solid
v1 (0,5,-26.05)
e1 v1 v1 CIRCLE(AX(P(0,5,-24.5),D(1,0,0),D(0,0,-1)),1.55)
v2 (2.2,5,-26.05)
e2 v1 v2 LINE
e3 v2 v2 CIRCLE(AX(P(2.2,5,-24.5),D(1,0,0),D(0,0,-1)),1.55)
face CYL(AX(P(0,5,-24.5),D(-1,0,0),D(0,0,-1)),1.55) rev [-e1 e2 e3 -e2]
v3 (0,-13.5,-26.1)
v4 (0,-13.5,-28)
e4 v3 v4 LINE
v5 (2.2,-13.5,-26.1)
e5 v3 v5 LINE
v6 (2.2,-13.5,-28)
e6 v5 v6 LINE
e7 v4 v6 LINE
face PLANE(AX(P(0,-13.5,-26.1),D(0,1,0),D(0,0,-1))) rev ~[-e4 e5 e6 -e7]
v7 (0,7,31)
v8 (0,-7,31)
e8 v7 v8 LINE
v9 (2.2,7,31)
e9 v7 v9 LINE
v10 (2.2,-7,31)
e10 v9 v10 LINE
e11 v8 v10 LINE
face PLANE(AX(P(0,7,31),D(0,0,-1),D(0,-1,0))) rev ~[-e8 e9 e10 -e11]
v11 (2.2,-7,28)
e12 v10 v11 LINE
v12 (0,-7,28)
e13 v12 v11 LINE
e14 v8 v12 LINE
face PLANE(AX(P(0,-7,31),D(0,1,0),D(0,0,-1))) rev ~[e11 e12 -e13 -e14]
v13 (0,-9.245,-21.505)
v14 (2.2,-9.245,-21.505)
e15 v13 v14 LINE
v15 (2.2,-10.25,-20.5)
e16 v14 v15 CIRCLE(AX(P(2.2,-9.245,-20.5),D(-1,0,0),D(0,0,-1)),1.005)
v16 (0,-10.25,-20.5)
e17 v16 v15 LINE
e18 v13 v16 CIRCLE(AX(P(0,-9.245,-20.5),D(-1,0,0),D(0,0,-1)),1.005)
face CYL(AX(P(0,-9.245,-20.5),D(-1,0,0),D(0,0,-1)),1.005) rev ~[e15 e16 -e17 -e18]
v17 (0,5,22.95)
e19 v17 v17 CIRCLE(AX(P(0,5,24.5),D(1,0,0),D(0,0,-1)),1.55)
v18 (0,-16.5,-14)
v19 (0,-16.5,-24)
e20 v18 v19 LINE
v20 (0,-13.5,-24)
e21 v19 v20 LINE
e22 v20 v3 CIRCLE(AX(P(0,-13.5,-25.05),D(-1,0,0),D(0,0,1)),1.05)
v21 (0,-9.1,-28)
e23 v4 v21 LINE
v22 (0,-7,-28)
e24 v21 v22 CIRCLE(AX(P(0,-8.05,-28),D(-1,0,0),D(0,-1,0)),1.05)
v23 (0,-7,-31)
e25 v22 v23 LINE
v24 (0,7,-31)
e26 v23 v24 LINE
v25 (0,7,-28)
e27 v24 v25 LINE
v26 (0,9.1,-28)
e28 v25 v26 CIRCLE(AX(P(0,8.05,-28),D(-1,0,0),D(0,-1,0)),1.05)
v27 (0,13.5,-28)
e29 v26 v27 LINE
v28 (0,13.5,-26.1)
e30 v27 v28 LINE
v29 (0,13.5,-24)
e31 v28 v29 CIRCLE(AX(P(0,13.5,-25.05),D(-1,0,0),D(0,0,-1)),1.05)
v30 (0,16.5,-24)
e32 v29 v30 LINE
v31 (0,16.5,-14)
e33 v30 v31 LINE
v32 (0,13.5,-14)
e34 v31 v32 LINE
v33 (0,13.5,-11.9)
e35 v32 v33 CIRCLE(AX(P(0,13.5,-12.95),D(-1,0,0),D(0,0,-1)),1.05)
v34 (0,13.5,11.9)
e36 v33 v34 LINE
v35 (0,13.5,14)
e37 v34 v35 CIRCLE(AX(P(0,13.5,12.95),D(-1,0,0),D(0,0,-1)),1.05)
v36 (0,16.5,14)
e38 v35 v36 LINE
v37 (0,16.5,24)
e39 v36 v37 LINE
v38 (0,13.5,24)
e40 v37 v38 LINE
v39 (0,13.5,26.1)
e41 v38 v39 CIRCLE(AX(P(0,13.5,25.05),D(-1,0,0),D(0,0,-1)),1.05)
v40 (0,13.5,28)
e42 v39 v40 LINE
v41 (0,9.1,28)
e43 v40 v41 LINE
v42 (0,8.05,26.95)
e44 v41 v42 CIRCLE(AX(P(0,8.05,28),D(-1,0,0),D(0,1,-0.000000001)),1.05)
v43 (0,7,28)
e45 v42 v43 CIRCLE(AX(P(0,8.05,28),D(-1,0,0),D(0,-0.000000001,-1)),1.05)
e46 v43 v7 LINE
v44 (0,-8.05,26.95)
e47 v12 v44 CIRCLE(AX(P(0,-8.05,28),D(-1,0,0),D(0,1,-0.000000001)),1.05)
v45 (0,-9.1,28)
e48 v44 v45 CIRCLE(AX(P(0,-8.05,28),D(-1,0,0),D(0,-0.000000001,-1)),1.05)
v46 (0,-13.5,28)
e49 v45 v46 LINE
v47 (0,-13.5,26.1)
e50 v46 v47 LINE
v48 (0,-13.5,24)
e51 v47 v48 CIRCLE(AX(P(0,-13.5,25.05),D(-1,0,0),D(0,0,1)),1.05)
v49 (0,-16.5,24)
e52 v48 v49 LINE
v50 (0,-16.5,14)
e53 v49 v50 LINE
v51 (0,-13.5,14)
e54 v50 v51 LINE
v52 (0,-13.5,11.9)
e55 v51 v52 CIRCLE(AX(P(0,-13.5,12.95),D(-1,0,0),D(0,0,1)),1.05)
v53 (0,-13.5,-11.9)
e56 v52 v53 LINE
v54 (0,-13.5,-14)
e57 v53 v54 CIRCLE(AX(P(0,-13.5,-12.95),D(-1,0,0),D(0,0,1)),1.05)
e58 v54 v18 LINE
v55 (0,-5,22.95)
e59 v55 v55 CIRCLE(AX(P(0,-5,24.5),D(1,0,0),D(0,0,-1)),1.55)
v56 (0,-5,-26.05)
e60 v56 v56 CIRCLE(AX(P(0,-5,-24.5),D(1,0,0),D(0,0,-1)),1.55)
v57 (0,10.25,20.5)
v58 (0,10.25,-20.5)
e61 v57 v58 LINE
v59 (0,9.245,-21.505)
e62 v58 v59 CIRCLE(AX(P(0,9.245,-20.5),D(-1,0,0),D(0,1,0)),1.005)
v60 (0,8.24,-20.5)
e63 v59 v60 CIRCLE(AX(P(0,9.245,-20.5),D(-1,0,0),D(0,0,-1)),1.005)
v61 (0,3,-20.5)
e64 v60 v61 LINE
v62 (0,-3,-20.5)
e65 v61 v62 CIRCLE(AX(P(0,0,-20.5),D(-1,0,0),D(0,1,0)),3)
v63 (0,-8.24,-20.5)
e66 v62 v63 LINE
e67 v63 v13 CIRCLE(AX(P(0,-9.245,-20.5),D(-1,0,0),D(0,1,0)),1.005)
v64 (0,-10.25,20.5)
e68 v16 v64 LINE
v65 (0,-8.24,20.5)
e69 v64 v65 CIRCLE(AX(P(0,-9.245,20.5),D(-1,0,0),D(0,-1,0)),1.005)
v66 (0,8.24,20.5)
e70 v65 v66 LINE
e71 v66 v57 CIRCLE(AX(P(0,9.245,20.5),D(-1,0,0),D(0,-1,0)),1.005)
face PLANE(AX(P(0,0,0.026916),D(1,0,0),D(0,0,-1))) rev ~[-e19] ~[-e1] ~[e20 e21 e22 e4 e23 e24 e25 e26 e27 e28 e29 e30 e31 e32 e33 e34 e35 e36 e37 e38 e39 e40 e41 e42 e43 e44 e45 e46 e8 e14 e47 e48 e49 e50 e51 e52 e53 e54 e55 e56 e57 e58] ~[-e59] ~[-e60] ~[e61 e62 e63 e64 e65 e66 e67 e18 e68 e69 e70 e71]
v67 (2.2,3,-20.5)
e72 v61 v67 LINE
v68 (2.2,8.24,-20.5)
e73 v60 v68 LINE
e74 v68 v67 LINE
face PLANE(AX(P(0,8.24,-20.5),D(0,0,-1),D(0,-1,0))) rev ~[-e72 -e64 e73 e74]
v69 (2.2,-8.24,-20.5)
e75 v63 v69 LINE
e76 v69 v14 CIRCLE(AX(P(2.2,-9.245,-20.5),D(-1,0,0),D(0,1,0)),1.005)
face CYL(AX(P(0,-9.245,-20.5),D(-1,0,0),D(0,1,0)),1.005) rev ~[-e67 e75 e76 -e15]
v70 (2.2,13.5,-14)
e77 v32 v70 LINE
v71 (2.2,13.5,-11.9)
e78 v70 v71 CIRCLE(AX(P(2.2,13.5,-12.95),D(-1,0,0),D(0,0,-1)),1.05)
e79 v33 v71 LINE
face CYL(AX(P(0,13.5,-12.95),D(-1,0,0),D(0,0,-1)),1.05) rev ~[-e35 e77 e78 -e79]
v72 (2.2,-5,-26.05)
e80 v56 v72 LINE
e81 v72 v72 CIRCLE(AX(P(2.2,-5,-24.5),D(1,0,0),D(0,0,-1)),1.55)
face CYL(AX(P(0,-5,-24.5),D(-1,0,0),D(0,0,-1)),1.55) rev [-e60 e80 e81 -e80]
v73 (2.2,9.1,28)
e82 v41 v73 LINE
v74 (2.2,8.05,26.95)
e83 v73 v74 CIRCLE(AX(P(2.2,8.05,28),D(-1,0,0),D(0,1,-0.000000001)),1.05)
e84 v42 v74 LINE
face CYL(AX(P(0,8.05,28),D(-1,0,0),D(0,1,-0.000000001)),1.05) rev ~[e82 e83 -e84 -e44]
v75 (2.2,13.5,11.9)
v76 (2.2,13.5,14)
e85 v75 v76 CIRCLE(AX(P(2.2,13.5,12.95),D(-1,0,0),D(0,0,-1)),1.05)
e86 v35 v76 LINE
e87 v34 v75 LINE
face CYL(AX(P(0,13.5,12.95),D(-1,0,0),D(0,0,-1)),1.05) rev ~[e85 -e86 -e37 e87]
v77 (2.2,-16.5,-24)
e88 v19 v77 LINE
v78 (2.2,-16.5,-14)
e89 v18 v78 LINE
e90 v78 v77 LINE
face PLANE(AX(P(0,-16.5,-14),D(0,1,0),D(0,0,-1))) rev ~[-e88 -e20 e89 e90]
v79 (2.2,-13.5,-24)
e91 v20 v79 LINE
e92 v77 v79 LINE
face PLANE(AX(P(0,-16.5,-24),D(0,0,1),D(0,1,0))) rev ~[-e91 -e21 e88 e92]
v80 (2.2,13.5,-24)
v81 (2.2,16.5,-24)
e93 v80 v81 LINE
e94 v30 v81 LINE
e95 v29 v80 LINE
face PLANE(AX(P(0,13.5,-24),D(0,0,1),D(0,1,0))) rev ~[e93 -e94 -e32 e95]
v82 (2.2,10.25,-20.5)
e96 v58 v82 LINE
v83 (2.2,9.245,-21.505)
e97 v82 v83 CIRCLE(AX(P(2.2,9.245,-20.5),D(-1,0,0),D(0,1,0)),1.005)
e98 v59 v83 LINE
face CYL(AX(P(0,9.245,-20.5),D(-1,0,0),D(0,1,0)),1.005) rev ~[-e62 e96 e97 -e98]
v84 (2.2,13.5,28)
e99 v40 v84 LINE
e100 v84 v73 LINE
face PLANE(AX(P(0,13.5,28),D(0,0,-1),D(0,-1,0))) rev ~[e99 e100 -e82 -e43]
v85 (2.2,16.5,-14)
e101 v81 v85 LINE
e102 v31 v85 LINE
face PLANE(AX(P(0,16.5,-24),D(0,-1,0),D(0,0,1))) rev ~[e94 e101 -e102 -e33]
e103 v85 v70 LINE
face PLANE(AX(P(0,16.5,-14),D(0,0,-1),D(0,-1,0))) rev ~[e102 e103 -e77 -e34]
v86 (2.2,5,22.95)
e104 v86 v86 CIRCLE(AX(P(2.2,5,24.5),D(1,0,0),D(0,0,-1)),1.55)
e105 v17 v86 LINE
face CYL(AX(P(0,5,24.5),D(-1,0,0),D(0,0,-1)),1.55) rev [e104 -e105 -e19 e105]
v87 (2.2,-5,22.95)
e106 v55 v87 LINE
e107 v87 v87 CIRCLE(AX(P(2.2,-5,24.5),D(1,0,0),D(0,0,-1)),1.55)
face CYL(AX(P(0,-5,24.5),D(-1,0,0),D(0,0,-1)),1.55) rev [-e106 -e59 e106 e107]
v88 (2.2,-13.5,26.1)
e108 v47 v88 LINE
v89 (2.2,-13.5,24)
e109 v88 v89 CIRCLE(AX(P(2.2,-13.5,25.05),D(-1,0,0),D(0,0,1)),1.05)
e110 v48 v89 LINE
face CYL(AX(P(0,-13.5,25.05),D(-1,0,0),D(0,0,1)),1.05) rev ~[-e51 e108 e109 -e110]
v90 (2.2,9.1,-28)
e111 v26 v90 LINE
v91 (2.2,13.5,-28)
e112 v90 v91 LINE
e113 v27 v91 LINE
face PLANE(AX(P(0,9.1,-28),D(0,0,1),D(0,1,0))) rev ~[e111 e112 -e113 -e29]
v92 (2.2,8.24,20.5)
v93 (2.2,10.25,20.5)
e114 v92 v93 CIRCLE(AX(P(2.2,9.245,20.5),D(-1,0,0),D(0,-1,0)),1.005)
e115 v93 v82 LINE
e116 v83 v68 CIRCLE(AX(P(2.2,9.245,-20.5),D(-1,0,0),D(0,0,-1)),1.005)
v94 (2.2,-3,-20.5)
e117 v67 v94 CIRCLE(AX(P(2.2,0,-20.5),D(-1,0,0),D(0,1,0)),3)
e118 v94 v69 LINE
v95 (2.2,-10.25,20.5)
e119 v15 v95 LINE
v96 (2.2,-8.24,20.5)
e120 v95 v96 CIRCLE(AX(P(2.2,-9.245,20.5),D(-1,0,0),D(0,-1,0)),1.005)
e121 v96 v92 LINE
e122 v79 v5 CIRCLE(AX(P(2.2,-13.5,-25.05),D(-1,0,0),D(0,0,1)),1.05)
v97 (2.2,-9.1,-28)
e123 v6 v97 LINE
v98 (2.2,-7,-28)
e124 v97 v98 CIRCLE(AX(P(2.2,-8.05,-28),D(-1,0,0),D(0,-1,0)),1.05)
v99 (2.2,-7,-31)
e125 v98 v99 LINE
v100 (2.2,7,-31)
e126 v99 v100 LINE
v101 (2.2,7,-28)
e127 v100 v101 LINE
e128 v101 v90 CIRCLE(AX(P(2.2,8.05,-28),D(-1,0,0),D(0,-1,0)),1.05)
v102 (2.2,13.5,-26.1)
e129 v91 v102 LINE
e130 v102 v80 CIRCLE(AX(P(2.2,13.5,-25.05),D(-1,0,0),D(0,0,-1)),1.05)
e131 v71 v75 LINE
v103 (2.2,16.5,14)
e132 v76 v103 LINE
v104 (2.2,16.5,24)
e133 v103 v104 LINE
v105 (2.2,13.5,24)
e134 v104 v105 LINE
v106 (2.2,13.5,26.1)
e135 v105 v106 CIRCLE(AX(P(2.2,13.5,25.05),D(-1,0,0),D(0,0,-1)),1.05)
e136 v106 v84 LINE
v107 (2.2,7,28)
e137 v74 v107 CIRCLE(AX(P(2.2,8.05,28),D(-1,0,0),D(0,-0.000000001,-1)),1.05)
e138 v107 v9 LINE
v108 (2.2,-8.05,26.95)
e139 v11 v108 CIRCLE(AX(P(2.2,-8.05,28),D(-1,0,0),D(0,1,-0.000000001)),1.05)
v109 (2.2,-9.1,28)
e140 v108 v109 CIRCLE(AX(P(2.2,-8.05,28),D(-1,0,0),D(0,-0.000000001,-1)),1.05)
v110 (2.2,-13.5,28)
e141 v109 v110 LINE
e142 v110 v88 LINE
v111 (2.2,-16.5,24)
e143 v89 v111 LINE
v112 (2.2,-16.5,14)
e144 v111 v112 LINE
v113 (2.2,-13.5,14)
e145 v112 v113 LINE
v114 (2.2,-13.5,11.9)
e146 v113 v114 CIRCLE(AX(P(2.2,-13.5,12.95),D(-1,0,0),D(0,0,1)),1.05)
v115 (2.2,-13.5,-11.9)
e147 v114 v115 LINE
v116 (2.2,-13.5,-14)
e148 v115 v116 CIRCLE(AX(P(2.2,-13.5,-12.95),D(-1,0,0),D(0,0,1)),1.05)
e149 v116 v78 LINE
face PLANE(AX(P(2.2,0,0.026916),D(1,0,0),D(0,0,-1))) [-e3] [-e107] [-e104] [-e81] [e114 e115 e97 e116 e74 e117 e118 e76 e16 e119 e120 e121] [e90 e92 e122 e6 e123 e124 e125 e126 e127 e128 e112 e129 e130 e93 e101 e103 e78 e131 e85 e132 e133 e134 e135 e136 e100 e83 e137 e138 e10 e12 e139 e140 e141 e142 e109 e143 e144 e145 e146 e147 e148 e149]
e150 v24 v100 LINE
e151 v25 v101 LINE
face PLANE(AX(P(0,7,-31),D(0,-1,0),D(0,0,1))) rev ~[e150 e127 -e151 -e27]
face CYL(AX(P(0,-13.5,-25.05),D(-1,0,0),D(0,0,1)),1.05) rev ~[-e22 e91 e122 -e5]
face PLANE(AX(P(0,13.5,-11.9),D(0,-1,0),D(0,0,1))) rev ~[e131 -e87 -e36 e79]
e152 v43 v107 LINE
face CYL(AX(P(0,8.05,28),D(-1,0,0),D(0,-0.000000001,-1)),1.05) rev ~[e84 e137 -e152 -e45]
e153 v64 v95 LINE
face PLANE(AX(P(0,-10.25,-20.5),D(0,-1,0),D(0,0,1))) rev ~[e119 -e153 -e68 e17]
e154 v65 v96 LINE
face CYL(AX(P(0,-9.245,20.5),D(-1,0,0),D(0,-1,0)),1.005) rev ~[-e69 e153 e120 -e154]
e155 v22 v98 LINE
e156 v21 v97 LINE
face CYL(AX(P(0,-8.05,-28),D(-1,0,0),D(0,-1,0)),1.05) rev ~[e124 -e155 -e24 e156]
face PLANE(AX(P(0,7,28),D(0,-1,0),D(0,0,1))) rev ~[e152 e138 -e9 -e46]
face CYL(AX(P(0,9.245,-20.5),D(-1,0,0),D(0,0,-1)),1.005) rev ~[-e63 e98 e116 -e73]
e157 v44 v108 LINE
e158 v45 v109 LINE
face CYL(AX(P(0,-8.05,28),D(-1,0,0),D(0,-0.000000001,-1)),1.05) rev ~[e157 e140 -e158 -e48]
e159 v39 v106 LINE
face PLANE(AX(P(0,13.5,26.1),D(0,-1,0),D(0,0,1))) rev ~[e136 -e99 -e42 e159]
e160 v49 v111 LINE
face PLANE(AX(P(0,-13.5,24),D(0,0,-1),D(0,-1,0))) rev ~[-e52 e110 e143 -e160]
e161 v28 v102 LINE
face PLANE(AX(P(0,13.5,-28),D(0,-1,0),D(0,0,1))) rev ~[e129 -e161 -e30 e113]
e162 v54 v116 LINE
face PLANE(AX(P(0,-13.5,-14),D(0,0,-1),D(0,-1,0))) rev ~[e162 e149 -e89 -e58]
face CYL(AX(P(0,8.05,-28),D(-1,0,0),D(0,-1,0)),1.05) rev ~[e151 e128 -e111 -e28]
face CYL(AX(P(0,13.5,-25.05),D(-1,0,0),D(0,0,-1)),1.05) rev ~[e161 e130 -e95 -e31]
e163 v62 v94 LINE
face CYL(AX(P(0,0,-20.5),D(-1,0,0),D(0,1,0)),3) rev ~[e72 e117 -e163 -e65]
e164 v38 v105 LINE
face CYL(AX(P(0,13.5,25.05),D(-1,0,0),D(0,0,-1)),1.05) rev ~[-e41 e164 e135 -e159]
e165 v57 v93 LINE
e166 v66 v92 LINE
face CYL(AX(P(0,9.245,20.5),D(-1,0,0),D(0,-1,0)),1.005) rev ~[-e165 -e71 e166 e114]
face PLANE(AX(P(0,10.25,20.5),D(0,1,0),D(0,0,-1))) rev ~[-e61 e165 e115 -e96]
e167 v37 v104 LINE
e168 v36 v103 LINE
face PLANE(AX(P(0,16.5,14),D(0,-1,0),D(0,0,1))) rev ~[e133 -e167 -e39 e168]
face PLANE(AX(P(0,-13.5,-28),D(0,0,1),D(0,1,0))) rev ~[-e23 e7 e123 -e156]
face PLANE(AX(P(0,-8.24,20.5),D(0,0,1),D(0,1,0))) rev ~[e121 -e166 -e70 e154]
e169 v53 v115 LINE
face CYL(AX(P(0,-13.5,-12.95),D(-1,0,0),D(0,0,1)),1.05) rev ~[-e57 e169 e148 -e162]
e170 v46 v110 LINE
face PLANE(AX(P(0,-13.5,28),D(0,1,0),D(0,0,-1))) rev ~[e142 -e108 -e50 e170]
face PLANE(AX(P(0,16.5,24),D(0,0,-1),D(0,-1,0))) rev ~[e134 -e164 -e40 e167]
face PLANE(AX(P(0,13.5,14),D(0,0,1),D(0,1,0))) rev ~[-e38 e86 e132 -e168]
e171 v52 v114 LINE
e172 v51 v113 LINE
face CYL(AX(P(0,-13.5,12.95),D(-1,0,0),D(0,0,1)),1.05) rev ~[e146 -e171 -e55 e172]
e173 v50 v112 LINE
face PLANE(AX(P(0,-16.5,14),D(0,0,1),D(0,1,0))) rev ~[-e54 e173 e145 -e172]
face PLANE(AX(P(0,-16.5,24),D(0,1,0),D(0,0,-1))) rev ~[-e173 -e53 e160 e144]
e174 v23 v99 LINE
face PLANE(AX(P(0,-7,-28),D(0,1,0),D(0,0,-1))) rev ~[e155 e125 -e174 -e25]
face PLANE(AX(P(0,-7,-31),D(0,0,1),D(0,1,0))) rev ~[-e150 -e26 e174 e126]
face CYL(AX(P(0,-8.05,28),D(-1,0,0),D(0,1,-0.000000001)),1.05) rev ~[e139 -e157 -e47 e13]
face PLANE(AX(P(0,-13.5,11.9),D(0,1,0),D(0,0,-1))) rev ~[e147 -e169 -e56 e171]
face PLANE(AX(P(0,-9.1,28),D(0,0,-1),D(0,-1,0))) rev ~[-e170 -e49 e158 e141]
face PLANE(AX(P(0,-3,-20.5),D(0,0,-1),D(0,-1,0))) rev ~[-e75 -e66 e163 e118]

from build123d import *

# Parameters (mm, degrees)
SKETCH_1_R      = 1.55
EXTRUDE_1_DEPTH = 2.2


with BuildPart() as part:
    # 草图1 → 凸台-拉伸1 (new body)
    with BuildSketch(Plane(origin=(0, 0, 0), x_dir=(0, 0, -1), z_dir=(1, 0, 0))):
        with BuildLine():
            Line((-24, 16.5), (-24, 13.5))
            ThreePointArc((-24, 13.5), (-25.05, 12.45), (-26.1, 13.5))
            Line((-26.1, 13.5), (-28, 13.5))
            Line((-28, 13.5), (-28, 9.1))
            ThreePointArc((-28, 9.1), (-27.25753788, 8.79246212), (-26.95, 8.05))
            ThreePointArc((-26.95, 8.05), (-27.25753788, 7.30753788), (-28, 7))
            Line((-28, 7), (-31, 7))
            Line((-31, 7), (-31, -7))
            Line((-31, -7), (-28, -7))
            ThreePointArc((-28, -7), (-27.25753788, -7.30753788), (-26.95, -8.05))
            ThreePointArc((-26.95, -8.05), (-27.25753788, -8.79246212), (-28, -9.1))
            Line((-28, -9.1), (-28, -13.5))
            Line((-28, -13.5), (-26.1, -13.5))
            ThreePointArc((-26.1, -13.5), (-25.05, -12.45), (-24, -13.5))
            Line((-24, -13.5), (-24, -16.5))
            Line((-24, -16.5), (-14, -16.5))
            Line((-14, -16.5), (-14, -13.5))
            ThreePointArc((-14, -13.5), (-12.95, -12.45), (-11.9, -13.5))
            Line((-11.9, -13.5), (11.9, -13.5))
            ThreePointArc((11.9, -13.5), (12.95, -12.45), (14, -13.5))
            Line((14, -13.5), (14, -16.5))
            Line((14, -16.5), (24, -16.5))
            Line((24, -16.5), (24, -13.5))
            ThreePointArc((24, -13.5), (25.05, -12.45), (26.1, -13.5))
            Line((26.1, -13.5), (28, -13.5))
            Line((28, -13.5), (28, -9.1))
            ThreePointArc((28, -9.1), (26.95, -8.05), (28, -7))
            Line((28, -7), (31, -7))
            Line((31, -7), (31, 7))
            Line((31, 7), (28, 7))
            ThreePointArc((28, 7), (26.95, 8.05), (28, 9.1))
            Line((28, 9.1), (28, 13.5))
            Line((28, 13.5), (26.1, 13.5))
            ThreePointArc((26.1, 13.5), (25.05, 12.45), (24, 13.5))
            Line((24, 13.5), (24, 16.5))
            Line((24, 16.5), (14, 16.5))
            Line((14, 16.5), (14, 13.5))
            ThreePointArc((14, 13.5), (12.95, 12.45), (11.9, 13.5))
            Line((11.9, 13.5), (-11.9, 13.5))
            ThreePointArc((-11.9, 13.5), (-12.95, 12.45), (-14, 13.5))
            Line((-14, 13.5), (-14, 16.5))
            Line((-14, 16.5), (-24, 16.5))
        make_face()
        with Locations((-24.5, -5)):
            Circle(SKETCH_1_R, mode=Mode.SUBTRACT)
        with BuildLine():
            Line((20.5, 8.24), (20.5, 3))
            ThreePointArc((20.5, 3), (23.5, 0), (20.5, -3))
            Line((20.5, -3), (20.5, -8.24))
            ThreePointArc((20.5, -8.24), (21.210642315, -8.534357685), (21.505, -9.245))
            ThreePointArc((21.505, -9.245), (21.210642315, -9.955642315), (20.5, -10.25))
            Line((20.5, -10.25), (-20.5, -10.25))
            ThreePointArc((-20.5, -10.25), (-21.505, -9.245), (-20.5, -8.24))
            Line((-20.5, -8.24), (-20.5, 8.24))
            ThreePointArc((-20.5, 8.24), (-21.505, 9.245), (-20.5, 10.25))
            Line((-20.5, 10.25), (20.5, 10.25))
            ThreePointArc((20.5, 10.25), (21.210642315, 9.955642315), (21.505, 9.245))
            ThreePointArc((21.505, 9.245), (21.210642315, 8.534357685), (20.5, 8.24))
        make_face(mode=Mode.SUBTRACT)
        with Locations((24.5, -5)):
            Circle(SKETCH_1_R, mode=Mode.SUBTRACT)
        with Locations((-24.5, 5)):
            Circle(SKETCH_1_R, mode=Mode.SUBTRACT)
        with Locations((24.5, 5)):
            Circle(SKETCH_1_R, mode=Mode.SUBTRACT)
    extrude(amount=EXTRUDE_1_DEPTH)


solid = part.part
